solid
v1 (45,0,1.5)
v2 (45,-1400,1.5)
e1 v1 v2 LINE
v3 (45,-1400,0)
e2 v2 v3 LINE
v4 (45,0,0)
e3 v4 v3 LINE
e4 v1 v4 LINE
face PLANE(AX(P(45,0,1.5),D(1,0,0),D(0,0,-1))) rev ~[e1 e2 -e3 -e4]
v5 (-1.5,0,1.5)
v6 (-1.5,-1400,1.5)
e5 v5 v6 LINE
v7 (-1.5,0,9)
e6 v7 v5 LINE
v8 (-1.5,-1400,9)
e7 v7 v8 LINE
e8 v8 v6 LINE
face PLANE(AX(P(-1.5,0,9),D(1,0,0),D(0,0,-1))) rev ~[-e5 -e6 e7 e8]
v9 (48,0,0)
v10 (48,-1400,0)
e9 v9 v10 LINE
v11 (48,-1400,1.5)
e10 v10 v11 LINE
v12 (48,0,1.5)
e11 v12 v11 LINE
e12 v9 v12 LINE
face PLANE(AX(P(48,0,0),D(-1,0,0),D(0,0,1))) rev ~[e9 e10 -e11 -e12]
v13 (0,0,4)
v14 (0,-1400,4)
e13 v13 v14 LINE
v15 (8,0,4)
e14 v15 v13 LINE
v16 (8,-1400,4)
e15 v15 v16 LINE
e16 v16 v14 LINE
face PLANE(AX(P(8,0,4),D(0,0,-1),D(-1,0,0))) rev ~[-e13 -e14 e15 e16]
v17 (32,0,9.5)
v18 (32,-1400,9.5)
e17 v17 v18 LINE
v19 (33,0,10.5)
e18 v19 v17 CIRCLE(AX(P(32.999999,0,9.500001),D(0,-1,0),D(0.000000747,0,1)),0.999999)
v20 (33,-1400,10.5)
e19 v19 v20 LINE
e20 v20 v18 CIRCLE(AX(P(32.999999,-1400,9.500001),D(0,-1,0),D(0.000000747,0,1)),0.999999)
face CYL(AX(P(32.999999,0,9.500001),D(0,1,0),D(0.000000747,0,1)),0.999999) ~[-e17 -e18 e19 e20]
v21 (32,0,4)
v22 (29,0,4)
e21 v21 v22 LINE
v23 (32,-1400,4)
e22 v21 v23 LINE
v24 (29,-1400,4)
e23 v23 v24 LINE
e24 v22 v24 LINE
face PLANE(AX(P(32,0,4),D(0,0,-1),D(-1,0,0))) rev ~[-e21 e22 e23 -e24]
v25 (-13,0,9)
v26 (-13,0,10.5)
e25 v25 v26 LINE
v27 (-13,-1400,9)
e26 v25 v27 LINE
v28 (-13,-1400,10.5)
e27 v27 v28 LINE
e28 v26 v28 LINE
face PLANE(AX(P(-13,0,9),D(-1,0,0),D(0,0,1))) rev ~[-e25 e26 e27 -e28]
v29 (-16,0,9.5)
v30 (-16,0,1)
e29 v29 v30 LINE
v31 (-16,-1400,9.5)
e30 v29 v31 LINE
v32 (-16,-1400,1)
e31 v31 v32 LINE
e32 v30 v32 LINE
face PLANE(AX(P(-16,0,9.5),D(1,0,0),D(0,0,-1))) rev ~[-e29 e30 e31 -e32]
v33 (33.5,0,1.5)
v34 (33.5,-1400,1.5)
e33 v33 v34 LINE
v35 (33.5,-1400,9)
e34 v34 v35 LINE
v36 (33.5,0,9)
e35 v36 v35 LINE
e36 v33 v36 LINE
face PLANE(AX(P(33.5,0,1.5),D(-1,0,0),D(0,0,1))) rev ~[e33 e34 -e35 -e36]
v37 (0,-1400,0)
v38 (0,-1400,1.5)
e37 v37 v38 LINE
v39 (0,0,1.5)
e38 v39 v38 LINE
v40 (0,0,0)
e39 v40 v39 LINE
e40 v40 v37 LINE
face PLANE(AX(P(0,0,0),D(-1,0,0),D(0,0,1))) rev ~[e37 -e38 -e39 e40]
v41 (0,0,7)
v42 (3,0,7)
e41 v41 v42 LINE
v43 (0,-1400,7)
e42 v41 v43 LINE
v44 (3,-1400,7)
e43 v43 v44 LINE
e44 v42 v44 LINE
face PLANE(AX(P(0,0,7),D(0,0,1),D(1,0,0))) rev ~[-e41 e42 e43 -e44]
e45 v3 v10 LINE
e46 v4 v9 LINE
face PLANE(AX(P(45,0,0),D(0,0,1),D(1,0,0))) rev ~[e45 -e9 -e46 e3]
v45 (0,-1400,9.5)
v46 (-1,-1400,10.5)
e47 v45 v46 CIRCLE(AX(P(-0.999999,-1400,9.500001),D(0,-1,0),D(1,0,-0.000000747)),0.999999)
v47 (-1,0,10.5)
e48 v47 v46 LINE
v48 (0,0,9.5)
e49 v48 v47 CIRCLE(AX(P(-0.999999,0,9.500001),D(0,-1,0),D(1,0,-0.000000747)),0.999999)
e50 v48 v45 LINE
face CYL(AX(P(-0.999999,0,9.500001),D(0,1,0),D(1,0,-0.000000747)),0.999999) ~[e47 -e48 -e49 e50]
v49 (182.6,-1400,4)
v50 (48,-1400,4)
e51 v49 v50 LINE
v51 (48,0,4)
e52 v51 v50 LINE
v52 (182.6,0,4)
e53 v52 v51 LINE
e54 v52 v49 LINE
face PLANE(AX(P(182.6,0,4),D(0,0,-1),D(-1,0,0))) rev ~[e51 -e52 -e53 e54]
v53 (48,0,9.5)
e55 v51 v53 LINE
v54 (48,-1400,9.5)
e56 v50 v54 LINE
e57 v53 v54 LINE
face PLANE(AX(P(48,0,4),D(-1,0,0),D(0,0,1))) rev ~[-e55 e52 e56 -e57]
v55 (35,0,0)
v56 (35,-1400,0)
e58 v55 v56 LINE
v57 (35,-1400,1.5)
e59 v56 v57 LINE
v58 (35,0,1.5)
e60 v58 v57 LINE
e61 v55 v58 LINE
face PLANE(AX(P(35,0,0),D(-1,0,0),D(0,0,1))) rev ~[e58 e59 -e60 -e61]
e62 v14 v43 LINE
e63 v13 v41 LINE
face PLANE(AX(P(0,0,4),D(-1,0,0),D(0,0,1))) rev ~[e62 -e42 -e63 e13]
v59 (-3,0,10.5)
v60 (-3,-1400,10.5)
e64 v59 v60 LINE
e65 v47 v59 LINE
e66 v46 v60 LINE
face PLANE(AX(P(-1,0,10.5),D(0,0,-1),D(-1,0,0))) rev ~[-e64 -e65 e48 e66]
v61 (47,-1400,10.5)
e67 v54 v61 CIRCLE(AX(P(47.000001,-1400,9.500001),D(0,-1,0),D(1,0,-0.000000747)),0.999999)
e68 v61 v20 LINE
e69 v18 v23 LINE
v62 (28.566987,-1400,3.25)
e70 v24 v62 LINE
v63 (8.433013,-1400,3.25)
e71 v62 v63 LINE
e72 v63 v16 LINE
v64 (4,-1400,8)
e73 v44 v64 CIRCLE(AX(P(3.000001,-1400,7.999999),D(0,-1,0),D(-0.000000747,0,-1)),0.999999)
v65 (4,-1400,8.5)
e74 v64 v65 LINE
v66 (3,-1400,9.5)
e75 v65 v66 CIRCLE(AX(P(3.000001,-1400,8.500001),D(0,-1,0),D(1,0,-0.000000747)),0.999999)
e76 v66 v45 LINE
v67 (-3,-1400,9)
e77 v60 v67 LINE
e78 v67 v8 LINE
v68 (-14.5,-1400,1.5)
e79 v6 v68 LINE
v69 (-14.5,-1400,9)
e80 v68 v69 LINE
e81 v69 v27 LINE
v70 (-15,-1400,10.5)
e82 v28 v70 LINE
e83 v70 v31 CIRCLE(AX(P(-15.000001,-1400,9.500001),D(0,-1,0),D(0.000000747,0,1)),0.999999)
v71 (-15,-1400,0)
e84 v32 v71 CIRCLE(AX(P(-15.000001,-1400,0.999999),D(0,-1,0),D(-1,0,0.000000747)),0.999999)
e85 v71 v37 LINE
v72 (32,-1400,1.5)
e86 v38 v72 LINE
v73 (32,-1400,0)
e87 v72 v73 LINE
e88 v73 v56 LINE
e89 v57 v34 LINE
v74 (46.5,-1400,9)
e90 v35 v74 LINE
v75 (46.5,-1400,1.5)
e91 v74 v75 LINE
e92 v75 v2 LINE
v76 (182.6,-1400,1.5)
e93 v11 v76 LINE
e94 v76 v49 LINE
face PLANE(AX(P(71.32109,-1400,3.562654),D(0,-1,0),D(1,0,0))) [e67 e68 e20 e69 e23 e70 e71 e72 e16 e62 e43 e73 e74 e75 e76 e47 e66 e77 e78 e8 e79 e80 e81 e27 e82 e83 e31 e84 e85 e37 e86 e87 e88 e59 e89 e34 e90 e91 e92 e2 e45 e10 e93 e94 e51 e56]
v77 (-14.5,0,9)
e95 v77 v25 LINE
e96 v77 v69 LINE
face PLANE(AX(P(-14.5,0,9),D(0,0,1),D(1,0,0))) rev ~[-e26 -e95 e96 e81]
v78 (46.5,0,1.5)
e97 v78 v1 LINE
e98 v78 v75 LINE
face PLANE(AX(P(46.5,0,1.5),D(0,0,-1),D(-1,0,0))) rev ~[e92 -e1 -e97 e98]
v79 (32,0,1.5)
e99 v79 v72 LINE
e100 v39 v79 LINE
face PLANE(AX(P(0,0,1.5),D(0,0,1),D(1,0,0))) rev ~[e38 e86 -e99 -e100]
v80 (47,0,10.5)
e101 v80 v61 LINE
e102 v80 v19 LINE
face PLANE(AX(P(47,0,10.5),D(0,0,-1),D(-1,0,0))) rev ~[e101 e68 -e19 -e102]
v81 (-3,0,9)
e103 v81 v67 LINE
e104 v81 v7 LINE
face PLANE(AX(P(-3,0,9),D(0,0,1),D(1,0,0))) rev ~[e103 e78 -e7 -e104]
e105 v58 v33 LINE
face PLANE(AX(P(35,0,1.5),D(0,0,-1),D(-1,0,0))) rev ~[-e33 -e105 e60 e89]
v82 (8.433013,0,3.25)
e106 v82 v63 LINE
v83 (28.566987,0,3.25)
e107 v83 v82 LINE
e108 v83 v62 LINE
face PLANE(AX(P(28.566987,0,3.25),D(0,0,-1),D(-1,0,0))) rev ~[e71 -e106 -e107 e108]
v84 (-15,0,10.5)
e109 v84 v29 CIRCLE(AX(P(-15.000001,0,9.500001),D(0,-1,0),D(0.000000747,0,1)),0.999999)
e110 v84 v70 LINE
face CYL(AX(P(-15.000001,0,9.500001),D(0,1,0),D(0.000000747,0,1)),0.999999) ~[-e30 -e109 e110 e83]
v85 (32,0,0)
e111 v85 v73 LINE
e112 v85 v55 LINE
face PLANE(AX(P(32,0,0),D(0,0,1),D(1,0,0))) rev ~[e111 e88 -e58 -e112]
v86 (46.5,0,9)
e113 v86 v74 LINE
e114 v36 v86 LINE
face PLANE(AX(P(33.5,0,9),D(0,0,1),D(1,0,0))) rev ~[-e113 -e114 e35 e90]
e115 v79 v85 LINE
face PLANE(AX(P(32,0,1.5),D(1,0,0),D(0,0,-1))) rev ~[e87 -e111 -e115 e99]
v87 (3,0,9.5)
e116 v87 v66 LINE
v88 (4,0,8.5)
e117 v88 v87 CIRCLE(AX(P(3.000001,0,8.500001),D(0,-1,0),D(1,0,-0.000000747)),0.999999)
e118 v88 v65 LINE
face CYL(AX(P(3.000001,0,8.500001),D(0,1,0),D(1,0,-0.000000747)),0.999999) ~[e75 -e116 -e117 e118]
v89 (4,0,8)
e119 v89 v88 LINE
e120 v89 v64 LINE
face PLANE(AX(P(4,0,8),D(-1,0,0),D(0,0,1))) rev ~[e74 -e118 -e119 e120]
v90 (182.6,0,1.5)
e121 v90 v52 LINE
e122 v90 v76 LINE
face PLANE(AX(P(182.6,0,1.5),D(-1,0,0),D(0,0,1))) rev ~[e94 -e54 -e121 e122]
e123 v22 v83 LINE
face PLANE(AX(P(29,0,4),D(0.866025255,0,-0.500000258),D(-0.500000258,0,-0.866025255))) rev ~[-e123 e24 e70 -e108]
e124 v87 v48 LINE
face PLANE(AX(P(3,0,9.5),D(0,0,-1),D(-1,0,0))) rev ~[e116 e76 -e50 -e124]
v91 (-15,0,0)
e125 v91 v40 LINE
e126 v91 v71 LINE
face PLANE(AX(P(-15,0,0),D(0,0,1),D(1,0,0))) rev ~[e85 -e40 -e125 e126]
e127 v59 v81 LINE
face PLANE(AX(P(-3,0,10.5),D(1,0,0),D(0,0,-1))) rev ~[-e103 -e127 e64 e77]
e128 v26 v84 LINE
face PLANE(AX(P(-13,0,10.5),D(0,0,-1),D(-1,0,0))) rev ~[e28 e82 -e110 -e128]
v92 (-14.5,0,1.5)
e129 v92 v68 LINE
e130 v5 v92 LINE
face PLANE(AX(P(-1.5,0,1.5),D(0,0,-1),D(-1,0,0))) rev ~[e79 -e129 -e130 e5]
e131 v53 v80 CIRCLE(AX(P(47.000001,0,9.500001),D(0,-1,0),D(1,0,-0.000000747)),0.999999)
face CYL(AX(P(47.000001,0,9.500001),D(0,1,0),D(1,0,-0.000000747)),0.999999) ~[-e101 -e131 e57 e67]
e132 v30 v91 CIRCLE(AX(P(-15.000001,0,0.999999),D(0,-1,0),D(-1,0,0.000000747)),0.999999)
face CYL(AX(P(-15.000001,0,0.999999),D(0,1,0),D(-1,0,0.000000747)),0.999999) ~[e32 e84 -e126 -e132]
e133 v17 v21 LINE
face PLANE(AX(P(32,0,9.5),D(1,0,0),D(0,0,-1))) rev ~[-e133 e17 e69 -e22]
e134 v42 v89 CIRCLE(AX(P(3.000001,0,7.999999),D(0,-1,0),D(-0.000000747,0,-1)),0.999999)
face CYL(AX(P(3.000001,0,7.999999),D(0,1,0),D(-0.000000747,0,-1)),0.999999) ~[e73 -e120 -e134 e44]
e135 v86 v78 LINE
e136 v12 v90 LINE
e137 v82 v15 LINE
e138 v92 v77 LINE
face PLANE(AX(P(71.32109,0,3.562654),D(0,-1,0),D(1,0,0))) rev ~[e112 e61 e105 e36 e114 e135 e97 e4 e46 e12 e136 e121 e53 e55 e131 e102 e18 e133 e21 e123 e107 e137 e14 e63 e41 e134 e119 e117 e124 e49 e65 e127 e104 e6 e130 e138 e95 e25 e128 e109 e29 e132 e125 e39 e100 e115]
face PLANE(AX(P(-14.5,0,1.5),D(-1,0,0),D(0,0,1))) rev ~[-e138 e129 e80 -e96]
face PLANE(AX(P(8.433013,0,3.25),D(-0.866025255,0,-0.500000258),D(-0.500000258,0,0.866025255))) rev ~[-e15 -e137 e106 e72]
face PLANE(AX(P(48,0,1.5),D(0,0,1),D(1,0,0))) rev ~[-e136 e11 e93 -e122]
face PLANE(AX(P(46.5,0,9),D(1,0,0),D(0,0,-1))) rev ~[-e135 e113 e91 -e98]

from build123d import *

# Parameters (mm, degrees)
F1_DEPTH = 1400


with BuildPart() as f1:
    # F0 (on Front) → F1 (new body)
    with BuildSketch(Plane.XZ):
        with BuildLine():
            Line((-15, 0), (0, 0))
            Line((0, 0), (0, 1.5))
            Line((0, 1.5), (32, 1.5))
            Line((32, 1.5), (32, 0))
            Line((32, 0), (35, 0))
            Line((35, 0), (35, 1.5))
            Line((35, 1.5), (33.5, 1.5))
            Line((33.5, 1.5), (33.5, 9))
            Line((33.5, 9), (46.5, 9))
            Line((46.5, 9), (46.5, 1.5))
            Line((46.5, 1.5), (45, 1.5))
            Line((45, 1.5), (45, 0))
            Line((45, 0), (48, 0))
            Line((48, 0), (48, 1.5))
            Line((48, 1.5), (182.6, 1.5))
            Line((182.6, 1.5), (182.6, 4))
            Line((182.6, 4), (48, 4))
            Line((48, 4), (48, 9.5))
            ThreePointArc((48, 9.5), (47.707107, 10.207107), (47, 10.5))
            Line((47, 10.5), (33, 10.5))
            ThreePointArc((33, 10.5), (32.292893, 10.207107), (32, 9.5))
            Line((32, 9.5), (32, 4))
            Line((32, 4), (29, 4))
            Line((29, 4), (28.566987, 3.25))
            Line((28.566987, 3.25), (8.433013, 3.25))
            Line((8.433013, 3.25), (8, 4))
            Line((8, 4), (0, 4))
            Line((0, 4), (0, 7))
            Line((0, 7), (3, 7))
            ThreePointArc((3, 7), (3.707107, 7.292893), (4, 8))
            Line((4, 8), (4, 8.5))
            ThreePointArc((4, 8.5), (3.707107, 9.207107), (3, 9.5))
            Line((3, 9.5), (0, 9.5))
            ThreePointArc((0, 9.5), (-0.292893, 10.207107), (-1, 10.5))
            Line((-1, 10.5), (-3, 10.5))
            Line((-3, 10.5), (-3, 9))
            Line((-3, 9), (-1.5, 9))
            Line((-1.5, 9), (-1.5, 1.5))
            Line((-1.5, 1.5), (-14.5, 1.5))
            Line((-14.5, 1.5), (-14.5, 9))
            Line((-14.5, 9), (-13, 9))
            Line((-13, 9), (-13, 10.5))
            Line((-13, 10.5), (-15, 10.5))
            ThreePointArc((-15, 10.5), (-15.707107, 10.207107), (-16, 9.5))
            Line((-16, 9.5), (-16, 1))
            ThreePointArc((-16, 1), (-15.707107, 0.292893), (-15, 0))
        make_face()
    extrude(amount=F1_DEPTH)


solid = f1.part
